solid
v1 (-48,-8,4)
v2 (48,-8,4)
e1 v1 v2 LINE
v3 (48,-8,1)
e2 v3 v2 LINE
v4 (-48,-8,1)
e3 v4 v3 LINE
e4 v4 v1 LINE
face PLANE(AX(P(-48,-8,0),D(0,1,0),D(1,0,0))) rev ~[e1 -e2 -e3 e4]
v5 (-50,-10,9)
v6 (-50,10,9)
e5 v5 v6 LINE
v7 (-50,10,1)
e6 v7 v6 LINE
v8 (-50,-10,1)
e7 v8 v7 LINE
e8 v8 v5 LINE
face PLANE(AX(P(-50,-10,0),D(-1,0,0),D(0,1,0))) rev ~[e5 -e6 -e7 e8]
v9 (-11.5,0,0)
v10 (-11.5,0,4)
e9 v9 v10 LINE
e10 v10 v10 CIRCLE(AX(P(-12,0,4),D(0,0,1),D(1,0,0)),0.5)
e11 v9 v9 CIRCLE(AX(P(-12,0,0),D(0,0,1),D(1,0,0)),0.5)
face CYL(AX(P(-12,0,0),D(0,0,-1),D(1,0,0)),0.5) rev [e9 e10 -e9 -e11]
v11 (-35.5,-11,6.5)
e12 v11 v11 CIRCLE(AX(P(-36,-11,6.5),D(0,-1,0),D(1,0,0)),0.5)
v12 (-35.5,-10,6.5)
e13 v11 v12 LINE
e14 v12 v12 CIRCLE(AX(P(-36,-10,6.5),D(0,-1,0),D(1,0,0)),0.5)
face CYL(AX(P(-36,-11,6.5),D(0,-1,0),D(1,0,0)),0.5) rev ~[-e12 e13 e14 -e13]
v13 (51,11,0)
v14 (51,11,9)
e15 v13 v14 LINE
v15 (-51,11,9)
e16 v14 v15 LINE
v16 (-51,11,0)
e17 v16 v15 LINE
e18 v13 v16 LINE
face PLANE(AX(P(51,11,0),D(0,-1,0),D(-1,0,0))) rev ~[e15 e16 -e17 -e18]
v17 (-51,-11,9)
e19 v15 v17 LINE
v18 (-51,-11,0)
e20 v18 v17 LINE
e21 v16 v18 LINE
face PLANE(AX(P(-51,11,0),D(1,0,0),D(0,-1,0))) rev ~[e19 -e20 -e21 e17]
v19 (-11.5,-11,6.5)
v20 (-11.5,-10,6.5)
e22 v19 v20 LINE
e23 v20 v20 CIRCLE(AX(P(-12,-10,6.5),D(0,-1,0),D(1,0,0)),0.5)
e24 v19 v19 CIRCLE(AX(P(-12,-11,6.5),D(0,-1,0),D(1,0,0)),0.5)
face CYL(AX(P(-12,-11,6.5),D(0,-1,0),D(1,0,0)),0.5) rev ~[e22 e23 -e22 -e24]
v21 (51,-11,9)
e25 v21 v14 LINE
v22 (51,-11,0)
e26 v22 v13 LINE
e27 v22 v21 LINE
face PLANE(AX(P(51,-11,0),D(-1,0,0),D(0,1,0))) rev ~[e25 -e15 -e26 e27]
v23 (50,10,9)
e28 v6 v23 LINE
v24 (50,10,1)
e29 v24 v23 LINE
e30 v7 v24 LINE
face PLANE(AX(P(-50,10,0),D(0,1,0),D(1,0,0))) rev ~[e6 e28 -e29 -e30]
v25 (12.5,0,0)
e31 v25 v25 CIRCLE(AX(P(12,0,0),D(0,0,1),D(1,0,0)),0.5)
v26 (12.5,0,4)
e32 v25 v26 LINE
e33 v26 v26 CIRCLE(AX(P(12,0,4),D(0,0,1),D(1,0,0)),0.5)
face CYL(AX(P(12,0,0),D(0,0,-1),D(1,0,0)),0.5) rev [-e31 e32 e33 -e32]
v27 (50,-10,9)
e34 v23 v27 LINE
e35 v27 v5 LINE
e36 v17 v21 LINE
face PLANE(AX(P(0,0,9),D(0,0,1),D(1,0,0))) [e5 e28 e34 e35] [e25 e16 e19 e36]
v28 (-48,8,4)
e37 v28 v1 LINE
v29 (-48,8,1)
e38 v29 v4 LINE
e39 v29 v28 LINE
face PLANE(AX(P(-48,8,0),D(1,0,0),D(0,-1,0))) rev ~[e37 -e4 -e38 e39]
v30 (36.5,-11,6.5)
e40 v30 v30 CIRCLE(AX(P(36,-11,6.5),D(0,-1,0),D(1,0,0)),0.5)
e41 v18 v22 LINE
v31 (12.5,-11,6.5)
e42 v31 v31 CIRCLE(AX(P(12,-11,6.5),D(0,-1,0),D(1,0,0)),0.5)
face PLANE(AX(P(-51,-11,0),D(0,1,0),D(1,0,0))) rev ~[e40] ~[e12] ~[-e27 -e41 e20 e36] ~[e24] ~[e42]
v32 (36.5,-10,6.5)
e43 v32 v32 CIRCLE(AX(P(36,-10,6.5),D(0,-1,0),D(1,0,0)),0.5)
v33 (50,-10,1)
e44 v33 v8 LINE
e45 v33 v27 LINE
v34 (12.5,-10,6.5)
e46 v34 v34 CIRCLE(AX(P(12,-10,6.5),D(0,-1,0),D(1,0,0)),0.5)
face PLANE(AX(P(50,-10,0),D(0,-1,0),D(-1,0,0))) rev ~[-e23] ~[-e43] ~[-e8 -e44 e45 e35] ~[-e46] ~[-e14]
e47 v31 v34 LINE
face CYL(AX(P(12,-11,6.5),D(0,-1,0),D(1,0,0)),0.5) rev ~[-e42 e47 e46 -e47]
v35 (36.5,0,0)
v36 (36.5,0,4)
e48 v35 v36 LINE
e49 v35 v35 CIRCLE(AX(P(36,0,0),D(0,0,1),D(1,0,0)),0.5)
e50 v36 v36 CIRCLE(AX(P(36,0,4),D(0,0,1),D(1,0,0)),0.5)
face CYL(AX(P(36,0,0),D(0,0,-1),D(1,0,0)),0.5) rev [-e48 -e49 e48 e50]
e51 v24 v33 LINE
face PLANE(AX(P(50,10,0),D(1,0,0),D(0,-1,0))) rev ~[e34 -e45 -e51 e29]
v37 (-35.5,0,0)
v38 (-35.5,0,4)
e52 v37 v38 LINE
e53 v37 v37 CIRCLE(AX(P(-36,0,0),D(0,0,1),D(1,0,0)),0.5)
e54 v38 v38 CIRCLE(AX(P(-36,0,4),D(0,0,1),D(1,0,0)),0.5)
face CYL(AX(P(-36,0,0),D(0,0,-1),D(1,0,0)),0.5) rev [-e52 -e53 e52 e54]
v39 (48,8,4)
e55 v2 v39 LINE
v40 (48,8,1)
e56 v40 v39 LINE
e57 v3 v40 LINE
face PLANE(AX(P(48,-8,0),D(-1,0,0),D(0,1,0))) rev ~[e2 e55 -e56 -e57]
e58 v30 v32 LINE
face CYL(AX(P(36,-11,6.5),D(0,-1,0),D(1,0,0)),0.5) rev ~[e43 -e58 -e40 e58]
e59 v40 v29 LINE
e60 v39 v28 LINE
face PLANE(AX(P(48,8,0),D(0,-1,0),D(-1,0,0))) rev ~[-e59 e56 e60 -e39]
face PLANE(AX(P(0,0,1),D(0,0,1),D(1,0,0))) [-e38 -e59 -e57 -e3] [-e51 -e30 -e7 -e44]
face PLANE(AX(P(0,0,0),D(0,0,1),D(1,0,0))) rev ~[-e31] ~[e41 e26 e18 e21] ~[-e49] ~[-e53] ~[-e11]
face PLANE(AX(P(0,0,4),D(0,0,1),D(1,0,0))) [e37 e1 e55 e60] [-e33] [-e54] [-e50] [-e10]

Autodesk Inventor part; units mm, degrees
ref_plane "YZ Plane" through (0, 0, 0) normal (1, 0, 0) x (0, 1, 0)
ref_plane "XZ Plane" through (0, 0, 0) normal (0, 1, 0) x (-1, 0, 0)
ref_plane "XY Plane" through (0, 0, 0) normal (0, 0, 1) x (1, 0, 0)
sketch "Sketch1" plane through (0, 0, 0) normal (0, 0, 1) x (1, 0, 0)
  line L0 (-50, 10) -> (50, 10)
  line L1 (50, 10) -> (50, -10)
  line L2 (50, -10) -> (-50, -10)
  line L3 (-50, -10) -> (-50, 10)
  line L4 (-50, 10) -> (50, -10) construction
  line L5 (50, 10) -> (-50, -10) construction
  line L6 (51, 11) -> (-51, 11)
  line L7 (-51, 11) -> (-51, -11)
  line L8 (-51, -11) -> (51, -11)
  line L9 (51, -11) -> (51, 11)
  line L10 (-48, -8) -> (48, -8)
  line L11 (48, -8) -> (48, 8)
  line L12 (48, 8) -> (-48, 8)
  line L13 (-48, 8) -> (-48, -8)
  line L14 (-48, -8) -> (48, 8) construction
  line L15 (48, -8) -> (-48, 8) construction
  line L16 (-48, 0) -> (48, 0) construction
  circle A0 centre (-36, 0) radius 0.5
  circle A1 centre (-12, 0) radius 0.5
  circle A2 centre (12, 0) radius 0.5
  circle A3 centre (36, 0) radius 0.5
  point P0 (0, 0)
  dimension "d0" = 100
  dimension "d1" = 20
  dimension "d2" = 1
  dimension "d7" = 96
  dimension "d8" = 16
  dimension "d9" = 2
  dimension "d10" = 1
  dimension "d11" = 12
  dimension "d12" = 1
  dimension "d13" = 24
  dimension "d14" = 1
  dimension "d15" = 24
  dimension "d16" = 1
  dimension "d17" = 24
extrude "Extrusion3" add sketch "Sketch1" along normal blind 9 contours L9 L8 L7 L6
extrude "Extrusion4" add sketch "Sketch1" along normal blind 1 contours L0 L1 L2 L3
extrude "Extrusion5" add sketch "Sketch1" along normal blind 4 contours L13 L12 L11 L10 | A0 | A1 | A2 | A3
extrude "Extrusion6" cut sketch "Sketch1" along normal blind 4 contours A0 | A1 | A2 | A3
sketch "Sketch2" plane through (-51, -11, 0) normal (0, -1, 0) x (1, 0, 0)
  line L0 (0, 0) -> (0, 9) construction
  line L1 (0, 6.5) -> (102, 6.5) construction
  line L2 (102, 0) -> (102, 9) construction
  line L3 (0, 0) -> (102, 0) construction
  circle A0 centre (15, 6.5) radius 0.5
  circle A1 centre (39, 6.5) radius 0.5
  circle A2 centre (63, 6.5) radius 0.5
  circle A3 centre (87, 6.5) radius 0.5
  point P0 (51, 0)
  dimension "d26" = 6.5
  dimension "d27" = 1
  dimension "d28" = 15
  dimension "d29" = 1
  dimension "d30" = 24
  dimension "d31" = 1
  dimension "d32" = 24
  dimension "d33" = 1
  dimension "d34" = 24
extrude "Extrusion7" cut sketch "Sketch2" against normal blind 2
sketch "Sketch3" plane through (-36, -11, 0) normal (-1, 0, 0) x (0, 0, 1)
  line L0 (11.6401, 26.0282) -> (-2.7437, 26.0282)
  line L1 (-2.7437, 26.0282) -> (-2.7437, -4.1114)
  line L2 (-2.7437, -4.1114) -> (11.6401, -4.1114)
  line L3 (11.6401, -4.1114) -> (11.6401, 26.0282)
  point P0 (0, 11)
properties part number "eit_chamber_electrode_side"
